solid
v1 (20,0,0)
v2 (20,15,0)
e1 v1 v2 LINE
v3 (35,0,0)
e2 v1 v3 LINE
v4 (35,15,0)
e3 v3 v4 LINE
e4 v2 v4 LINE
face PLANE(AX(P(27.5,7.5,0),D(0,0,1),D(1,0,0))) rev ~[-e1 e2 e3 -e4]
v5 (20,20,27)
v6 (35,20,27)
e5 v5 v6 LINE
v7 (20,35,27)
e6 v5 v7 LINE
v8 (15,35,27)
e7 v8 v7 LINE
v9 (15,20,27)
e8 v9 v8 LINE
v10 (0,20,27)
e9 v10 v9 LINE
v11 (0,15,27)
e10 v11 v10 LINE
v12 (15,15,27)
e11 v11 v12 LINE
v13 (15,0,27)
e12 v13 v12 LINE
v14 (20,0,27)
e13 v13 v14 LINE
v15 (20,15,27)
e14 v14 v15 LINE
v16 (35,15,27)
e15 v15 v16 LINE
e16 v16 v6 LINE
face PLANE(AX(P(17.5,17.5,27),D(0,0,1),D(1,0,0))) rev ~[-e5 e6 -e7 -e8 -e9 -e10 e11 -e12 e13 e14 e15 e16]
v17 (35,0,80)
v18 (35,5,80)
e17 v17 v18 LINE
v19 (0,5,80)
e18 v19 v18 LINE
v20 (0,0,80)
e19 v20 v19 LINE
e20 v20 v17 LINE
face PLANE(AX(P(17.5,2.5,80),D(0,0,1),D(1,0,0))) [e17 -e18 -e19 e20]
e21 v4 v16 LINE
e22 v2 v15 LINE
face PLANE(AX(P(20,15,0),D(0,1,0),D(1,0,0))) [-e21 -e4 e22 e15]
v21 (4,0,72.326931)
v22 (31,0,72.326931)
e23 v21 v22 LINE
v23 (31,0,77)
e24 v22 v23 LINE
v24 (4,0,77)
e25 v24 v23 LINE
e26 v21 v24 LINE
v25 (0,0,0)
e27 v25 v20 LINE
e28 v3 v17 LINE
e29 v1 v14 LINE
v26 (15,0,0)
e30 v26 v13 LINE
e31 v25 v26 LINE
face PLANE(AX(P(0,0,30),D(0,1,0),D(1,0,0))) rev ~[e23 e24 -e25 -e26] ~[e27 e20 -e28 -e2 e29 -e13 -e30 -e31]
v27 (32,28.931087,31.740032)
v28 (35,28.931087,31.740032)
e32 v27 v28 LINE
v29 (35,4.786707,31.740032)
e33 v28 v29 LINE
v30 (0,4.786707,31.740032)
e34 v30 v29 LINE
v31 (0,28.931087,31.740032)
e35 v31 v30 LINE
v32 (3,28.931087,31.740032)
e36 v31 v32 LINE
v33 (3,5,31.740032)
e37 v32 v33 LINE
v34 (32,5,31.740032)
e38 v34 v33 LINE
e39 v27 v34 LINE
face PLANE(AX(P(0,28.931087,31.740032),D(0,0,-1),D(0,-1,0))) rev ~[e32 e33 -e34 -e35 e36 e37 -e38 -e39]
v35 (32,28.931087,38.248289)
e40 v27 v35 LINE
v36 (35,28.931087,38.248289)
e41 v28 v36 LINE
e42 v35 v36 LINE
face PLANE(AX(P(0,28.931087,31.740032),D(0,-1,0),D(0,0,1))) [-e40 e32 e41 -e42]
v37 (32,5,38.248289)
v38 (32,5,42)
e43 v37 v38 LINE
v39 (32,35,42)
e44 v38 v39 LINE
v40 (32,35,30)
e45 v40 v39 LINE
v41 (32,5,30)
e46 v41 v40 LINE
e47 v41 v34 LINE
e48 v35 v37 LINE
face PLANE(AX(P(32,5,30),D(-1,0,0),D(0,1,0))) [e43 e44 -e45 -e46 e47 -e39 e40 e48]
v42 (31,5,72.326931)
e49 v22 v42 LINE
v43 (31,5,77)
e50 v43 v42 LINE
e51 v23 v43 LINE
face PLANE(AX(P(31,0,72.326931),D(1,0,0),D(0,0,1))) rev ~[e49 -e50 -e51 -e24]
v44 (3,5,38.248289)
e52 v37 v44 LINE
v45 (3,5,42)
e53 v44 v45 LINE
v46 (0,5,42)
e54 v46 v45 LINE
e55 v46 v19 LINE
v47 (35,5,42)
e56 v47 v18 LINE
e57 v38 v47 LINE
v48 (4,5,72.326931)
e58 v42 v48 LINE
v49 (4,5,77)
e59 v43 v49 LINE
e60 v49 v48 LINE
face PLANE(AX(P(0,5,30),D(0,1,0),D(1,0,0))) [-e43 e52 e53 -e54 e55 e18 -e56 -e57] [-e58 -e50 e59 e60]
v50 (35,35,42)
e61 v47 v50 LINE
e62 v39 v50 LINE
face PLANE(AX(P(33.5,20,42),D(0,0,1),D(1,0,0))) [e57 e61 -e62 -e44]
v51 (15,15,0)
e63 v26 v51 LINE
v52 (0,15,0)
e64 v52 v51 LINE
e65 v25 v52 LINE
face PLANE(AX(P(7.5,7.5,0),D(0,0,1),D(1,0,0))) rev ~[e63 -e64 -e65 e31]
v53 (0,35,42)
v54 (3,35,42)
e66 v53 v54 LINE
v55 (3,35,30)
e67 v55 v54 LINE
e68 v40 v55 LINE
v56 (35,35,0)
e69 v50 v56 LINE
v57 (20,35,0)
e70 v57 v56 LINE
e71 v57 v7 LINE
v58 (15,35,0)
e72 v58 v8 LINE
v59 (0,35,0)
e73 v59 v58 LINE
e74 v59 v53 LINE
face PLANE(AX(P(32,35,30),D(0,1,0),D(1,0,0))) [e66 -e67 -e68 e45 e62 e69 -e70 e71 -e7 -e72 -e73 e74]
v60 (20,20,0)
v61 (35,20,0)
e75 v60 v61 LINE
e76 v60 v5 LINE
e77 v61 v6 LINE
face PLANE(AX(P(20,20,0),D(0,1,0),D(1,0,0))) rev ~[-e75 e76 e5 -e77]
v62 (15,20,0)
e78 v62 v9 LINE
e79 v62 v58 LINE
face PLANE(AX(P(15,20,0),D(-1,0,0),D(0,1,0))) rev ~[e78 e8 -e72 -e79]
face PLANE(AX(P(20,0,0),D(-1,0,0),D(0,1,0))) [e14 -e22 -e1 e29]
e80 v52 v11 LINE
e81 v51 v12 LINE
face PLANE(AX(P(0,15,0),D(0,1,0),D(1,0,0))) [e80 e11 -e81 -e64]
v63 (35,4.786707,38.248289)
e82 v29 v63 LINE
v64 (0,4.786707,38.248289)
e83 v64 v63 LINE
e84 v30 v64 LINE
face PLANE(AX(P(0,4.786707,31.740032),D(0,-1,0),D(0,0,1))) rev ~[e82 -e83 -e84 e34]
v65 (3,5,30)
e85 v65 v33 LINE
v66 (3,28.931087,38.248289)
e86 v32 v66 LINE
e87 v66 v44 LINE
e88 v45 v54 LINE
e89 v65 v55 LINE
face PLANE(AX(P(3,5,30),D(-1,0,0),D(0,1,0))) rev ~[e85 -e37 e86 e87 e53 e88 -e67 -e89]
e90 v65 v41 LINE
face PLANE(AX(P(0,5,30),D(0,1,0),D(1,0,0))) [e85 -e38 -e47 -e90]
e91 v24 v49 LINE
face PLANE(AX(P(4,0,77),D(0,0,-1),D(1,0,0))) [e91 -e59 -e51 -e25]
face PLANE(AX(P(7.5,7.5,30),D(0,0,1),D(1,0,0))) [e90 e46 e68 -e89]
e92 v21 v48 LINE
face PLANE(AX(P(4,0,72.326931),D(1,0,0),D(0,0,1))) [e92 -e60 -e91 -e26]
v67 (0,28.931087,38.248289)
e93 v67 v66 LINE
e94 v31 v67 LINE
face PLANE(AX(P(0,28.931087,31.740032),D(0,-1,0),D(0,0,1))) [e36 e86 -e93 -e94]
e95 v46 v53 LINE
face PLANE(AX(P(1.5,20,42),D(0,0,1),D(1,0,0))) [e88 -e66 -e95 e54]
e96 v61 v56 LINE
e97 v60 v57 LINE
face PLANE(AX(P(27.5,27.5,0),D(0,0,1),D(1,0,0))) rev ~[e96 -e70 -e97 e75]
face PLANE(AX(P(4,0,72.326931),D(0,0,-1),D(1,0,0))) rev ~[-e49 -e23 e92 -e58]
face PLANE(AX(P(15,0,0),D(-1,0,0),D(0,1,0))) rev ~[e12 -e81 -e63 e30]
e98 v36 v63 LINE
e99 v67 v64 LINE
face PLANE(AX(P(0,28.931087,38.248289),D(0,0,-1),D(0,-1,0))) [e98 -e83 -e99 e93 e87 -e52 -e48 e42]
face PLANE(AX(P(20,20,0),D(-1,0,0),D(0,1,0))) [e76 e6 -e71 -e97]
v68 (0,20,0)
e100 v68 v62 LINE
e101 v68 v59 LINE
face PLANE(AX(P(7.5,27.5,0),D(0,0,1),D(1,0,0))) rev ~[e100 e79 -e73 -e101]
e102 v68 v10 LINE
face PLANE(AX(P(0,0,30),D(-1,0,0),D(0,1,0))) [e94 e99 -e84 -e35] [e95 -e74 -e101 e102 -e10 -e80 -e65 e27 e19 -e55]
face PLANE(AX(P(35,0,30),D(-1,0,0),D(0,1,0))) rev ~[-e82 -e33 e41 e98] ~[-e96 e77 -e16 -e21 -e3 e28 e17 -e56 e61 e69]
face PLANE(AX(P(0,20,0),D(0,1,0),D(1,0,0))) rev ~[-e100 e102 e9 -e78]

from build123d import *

# Parameters (mm, degrees)
F0_W      = 15
F0_H      = 15
F1_DEPTH  = 30
F3_W      = 35
F3_H      = 35
F4_DEPTH  = 3
F5_W      = 35
F5_H      = 5
F6_DEPTH  = 50
F7_W      = 27
F7_H      = 4.6730685326
F8_DEPTH  = 25
F9_W      = 3
F9_H      = 30
F10_DEPTH = 12
F12_W     = 24.1443798877
F12_H     = 6.5082572401
F11_W     = 23.8036615774
F11_H     = 4.3690986931
F13_DEPTH = 349


with BuildPart() as f1:
    # F0 (on Top) → F1 (new body)
    with BuildSketch(Plane.XY):
        with Locations((7.5, 7.5)):
            Rectangle(F0_W, F0_H)
    extrude(amount=F1_DEPTH)



with BuildPart() as f1b:
    # F0 (on Top) → F1, piece 2 (new body)
    with BuildSketch(Plane.XY):
        with Locations((7.5, 27.5)):
            Rectangle(F0_W, F0_H)
    extrude(amount=F1_DEPTH)


with BuildPart() as f1c:
    # F0 (on Top) → F1, piece 3 (new body)
    with BuildSketch(Plane.XY):
        with Locations((27.5, 27.5)):
            Rectangle(F0_W, F0_H)
    extrude(amount=F1_DEPTH)


with BuildPart() as f1d:
    # F0 (on Top) → F1, piece 4 (new body)
    with BuildSketch(Plane.XY):
        with Locations((27.5, 7.5)):
            Rectangle(F0_W, F0_H)
    extrude(amount=F1_DEPTH)


with BuildPart() as f1_1:
    add(f1.part)

    add(f1b.part)  # F4 merges F1b

    add(f1c.part)  # F4 merges F1c

    add(f1d.part)  # F4 merges F1d
    # F3 (on face) → F4 (join)
    with BuildSketch(Plane.XY.offset(30)):
        with Locations((17.5, 17.5)):
            Rectangle(F3_W, F3_H)
    extrude(amount=-F4_DEPTH)

    # F5 (on face) → F6 (join)
    with BuildSketch(Plane.XY.offset(30)):
        with Locations((17.5, 2.5)):
            Rectangle(F5_W, F5_H)
    extrude(amount=F6_DEPTH)

    # F7 (on face) → F8 (cut)
    with BuildSketch(Plane.XZ):
        with Locations((17.5, 74.6634657337)):
            Rectangle(F7_W, F7_H)
    extrude(amount=-F8_DEPTH, mode=Mode.SUBTRACT)

    # F9 (on face) → F10 (join)
    with BuildSketch(Plane.XY.offset(30)):
        with Locations((33.5, 20)):
            Rectangle(F9_W, F9_H)
        with Locations((1.5, 20)):
            Rectangle(F9_W, F9_H)
    extrude(amount=F10_DEPTH)

    # F12 (on face) + F11 (on face) → F13 (cut)
    with BuildSketch(Plane(origin=(0, 0, 0), x_dir=(0, -1, 0), z_dir=(-1, 0, 0))):
        with Locations((-16.8588969391, 34.9941607565)):
            Rectangle(F12_W, F12_H)
    with BuildSketch(Plane.YZ.offset(35)):
        with Locations((19.5460454561, 34.8994340748)):
            Rectangle(F11_W, F11_H)
    extrude(amount=-F13_DEPTH, dir=(-1, 0, 0), mode=Mode.SUBTRACT)


solid = f1_1.part
